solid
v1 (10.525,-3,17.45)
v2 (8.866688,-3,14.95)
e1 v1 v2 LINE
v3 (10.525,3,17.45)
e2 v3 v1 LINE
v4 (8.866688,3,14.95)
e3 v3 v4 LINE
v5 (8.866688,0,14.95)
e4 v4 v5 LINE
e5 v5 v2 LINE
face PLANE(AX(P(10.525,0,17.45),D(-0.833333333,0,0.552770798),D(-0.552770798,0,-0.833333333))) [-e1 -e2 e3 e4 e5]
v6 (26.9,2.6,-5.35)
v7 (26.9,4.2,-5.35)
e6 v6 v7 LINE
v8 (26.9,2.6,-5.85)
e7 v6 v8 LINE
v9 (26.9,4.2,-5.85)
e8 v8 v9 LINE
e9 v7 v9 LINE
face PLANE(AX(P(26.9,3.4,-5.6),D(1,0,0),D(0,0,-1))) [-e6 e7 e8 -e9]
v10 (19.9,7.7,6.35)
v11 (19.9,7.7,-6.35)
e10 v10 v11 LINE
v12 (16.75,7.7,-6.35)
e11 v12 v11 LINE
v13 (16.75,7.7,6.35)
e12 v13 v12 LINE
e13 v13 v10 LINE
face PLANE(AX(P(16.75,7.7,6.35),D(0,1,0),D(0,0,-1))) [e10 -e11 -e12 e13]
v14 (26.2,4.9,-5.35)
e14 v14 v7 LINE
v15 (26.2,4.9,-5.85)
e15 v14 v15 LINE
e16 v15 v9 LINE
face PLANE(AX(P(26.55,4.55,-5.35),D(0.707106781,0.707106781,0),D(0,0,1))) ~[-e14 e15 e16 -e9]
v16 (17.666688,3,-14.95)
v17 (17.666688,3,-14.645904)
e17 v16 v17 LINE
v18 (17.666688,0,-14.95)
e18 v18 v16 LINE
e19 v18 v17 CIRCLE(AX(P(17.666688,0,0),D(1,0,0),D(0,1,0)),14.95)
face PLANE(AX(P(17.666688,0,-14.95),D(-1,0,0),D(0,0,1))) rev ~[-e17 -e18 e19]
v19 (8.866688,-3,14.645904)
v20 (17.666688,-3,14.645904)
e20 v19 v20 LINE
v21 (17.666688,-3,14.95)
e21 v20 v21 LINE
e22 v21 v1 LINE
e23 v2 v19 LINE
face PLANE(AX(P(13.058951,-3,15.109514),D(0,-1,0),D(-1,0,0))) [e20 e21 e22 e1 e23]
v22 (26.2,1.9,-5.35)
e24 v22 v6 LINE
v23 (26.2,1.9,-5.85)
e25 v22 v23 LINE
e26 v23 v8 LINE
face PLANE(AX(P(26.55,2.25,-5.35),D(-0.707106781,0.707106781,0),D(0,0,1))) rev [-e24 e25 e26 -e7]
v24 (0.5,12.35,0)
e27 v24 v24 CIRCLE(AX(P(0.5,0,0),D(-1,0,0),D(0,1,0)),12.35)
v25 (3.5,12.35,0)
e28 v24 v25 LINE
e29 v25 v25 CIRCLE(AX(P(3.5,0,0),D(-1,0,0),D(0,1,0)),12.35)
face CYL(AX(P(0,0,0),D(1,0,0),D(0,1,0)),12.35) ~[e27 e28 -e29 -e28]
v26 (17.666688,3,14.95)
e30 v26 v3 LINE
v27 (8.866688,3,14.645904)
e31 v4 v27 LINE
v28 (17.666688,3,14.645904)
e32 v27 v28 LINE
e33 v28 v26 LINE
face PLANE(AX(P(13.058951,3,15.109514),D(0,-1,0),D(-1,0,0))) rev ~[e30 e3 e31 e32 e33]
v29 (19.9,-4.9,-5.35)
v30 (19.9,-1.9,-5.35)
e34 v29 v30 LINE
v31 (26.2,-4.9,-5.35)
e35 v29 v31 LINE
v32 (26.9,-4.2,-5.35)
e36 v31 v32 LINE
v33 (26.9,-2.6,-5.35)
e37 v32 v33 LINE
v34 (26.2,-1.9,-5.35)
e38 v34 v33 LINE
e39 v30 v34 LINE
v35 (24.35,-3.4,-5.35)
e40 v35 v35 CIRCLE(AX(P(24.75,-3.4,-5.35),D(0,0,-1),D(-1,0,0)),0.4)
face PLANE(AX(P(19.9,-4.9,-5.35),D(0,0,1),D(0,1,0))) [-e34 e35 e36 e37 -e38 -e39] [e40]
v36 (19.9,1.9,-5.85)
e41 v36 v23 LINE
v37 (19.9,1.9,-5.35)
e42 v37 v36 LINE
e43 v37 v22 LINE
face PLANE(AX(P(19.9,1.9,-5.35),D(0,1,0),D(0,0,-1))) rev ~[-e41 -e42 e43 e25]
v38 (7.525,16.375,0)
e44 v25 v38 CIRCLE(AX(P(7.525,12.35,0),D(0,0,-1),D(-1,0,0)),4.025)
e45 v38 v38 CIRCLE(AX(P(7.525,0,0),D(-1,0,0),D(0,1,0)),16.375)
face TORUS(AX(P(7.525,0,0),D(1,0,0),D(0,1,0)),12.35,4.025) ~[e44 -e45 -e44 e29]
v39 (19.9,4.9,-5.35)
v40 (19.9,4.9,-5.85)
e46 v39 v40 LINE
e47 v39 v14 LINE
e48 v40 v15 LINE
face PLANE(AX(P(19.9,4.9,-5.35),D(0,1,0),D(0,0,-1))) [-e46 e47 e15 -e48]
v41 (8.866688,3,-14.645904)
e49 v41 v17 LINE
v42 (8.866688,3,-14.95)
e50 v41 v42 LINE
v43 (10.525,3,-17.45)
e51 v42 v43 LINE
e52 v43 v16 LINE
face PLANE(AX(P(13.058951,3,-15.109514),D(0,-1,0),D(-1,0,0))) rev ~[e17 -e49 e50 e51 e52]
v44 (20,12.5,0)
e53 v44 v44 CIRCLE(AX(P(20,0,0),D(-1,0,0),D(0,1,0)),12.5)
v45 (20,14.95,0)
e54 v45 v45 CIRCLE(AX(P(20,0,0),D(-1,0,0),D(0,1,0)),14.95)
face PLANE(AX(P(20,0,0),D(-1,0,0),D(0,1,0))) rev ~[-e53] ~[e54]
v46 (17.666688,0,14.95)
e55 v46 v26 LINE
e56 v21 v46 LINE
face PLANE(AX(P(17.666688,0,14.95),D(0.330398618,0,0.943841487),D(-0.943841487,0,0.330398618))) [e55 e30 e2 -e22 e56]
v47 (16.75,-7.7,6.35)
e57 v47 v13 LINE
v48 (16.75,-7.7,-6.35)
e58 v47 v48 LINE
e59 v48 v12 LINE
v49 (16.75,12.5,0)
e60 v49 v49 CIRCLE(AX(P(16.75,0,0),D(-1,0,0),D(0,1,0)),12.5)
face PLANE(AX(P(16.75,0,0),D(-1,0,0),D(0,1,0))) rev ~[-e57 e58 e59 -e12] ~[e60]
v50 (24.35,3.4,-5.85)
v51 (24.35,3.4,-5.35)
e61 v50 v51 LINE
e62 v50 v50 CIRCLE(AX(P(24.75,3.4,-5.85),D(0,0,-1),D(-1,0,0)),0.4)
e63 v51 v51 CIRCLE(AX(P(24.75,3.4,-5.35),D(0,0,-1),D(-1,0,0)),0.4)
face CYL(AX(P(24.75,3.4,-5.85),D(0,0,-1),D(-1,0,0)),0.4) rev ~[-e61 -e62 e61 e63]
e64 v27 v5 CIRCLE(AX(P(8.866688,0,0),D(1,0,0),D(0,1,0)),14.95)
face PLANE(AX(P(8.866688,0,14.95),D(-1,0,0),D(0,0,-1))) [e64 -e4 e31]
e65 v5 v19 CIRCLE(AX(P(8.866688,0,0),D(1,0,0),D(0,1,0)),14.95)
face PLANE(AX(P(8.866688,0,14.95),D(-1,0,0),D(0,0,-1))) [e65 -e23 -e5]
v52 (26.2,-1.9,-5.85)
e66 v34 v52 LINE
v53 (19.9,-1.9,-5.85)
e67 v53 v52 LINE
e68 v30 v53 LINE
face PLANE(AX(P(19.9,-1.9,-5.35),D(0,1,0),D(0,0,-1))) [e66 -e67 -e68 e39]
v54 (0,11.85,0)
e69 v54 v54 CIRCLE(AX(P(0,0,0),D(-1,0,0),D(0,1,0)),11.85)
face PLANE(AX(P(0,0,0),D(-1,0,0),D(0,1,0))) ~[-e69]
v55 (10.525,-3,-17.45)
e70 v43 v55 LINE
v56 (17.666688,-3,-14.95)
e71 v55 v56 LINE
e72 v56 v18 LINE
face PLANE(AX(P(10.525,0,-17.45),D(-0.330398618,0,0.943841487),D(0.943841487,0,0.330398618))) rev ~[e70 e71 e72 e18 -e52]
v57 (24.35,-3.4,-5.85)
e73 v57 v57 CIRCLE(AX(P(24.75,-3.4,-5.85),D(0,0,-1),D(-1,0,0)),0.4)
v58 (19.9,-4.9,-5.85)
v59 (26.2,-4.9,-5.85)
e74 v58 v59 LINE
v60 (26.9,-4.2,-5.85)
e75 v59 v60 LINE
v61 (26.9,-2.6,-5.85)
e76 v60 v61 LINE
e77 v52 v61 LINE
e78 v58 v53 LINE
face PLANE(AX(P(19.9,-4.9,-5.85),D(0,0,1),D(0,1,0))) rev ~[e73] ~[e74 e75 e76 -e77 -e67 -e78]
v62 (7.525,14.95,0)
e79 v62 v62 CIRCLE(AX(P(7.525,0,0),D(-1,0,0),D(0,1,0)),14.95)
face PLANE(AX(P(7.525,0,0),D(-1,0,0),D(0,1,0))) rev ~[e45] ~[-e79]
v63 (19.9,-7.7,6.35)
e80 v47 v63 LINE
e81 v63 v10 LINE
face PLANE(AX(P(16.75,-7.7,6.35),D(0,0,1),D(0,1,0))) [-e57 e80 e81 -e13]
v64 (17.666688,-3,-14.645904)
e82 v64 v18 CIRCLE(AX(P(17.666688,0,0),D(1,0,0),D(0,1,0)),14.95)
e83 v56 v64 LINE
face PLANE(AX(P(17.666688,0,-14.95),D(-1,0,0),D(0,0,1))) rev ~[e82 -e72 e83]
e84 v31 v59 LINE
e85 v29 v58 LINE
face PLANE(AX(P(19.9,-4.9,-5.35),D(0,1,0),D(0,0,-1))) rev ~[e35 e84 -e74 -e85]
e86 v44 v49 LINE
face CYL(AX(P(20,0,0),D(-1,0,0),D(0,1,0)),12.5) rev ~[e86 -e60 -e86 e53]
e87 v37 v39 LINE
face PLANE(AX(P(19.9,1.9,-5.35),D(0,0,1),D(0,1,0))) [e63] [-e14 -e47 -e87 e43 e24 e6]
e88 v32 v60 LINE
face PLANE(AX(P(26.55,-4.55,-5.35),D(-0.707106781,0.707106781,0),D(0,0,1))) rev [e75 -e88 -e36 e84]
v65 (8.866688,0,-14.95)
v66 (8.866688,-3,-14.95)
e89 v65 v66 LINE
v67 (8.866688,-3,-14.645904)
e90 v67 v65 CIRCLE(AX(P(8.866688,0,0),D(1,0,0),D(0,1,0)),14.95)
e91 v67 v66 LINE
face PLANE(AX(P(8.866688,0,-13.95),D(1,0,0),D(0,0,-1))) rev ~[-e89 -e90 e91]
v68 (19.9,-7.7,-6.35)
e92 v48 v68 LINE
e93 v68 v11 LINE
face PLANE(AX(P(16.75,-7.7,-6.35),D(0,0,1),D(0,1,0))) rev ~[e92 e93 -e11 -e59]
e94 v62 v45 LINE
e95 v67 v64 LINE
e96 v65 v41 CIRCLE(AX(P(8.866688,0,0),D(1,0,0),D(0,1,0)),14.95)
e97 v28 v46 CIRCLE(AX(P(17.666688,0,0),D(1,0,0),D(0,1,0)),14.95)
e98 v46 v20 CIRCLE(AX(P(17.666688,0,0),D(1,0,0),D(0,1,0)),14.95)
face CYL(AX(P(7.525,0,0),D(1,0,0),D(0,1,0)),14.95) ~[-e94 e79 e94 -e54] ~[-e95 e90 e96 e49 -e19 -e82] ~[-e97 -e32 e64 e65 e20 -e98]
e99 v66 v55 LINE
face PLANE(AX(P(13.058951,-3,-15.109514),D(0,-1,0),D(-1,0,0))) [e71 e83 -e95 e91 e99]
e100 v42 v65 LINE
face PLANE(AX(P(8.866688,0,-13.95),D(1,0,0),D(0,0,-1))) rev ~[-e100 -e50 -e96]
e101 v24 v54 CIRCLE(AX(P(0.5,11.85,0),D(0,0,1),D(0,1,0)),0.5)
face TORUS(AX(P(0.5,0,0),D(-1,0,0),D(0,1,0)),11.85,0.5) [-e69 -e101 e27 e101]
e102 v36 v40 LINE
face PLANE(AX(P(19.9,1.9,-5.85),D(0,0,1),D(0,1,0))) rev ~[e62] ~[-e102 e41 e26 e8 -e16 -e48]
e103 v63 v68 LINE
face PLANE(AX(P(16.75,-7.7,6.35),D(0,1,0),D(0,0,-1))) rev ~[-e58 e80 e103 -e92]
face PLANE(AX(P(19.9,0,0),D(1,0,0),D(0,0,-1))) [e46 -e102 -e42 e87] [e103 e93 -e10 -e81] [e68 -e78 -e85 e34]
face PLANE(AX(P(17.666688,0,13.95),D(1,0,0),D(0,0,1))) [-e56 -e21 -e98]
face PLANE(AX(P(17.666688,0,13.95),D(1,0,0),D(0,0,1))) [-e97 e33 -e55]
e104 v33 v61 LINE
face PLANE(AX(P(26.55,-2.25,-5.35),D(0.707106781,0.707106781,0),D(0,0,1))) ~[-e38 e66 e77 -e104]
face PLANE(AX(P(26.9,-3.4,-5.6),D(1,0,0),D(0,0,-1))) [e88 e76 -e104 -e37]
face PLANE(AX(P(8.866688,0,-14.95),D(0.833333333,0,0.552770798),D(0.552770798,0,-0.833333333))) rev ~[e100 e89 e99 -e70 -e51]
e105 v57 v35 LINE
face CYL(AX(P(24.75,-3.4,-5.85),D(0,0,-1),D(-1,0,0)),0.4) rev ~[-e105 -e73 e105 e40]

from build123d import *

# Parameters (mm, degrees)
SKETCH2_W           = 12.7
SKETCH2_H           = 15.4
BOSS_EXTRUDE1_DEPTH = 3.15
SKETCH3_W           = 0.5
SKETCH3_H           = 3
BOSS_EXTRUDE2_DEPTH = 7
SKETCH4_R           = 0.4
CUT_EXTRUDE1_DEPTH  = 23.225
CHAMFER1_SIZE       = 0.7
BOSS_EXTRUDE3_DEPTH = 3
FILLET1_R           = 0.5


with BuildPart() as part:
    # Sketch1 → Revolve1 (revolve)
    with BuildSketch(Plane.XY):
        with BuildLine():
            Line((0, 0), (0, 12.35))
            Line((0, 12.35), (3.5, 12.35))
            ThreePointArc((3.5, 12.35), (4.678895206, 15.196104794), (7.525, 16.375))
            Line((7.525, 16.375), (7.525, 14.95))
            Line((7.525, 14.95), (20, 14.95))
            Line((20, 14.95), (20, 12.5))
            Line((20, 12.5), (16.75, 12.5))
            Line((16.75, 12.5), (16.75, 0))
            Line((16.75, 0), (0, 0))
        make_face()
    revolve(axis=Axis((16.75, 0, 0), (-1, 0, 0)))

    # Sketch2 → Boss-Extrude1 (add)
    with BuildSketch(Plane(origin=(16.75, 0, 0), x_dir=(0, 0, -1), z_dir=(1, 0, 0))):
        Rectangle(SKETCH2_W, SKETCH2_H)
    extrude(amount=BOSS_EXTRUDE1_DEPTH)

    # Sketch3 → Boss-Extrude2 (add)
    with BuildSketch(Plane(origin=(19.9, 0, 0), x_dir=(0, 0, -1), z_dir=(1, 0, 0))):
        with Locations((5.6, 3.4)):
            Rectangle(SKETCH3_W, SKETCH3_H)
        with Locations((5.6, -3.4)):
            Rectangle(SKETCH3_W, SKETCH3_H)
    extrude(amount=BOSS_EXTRUDE2_DEPTH)

    # Sketch4 → Cut-Extrude1 (cut, through all)
    with BuildSketch(Plane(origin=(0, 0, -5.85), x_dir=(-1, 0, 0), z_dir=(0, 0, -1))):
        with Locations((-24.75, 3.4)):
            Circle(SKETCH4_R)
        with Locations((-24.75, -3.4)):
            Circle(SKETCH4_R)
    extrude(amount=-CUT_EXTRUDE1_DEPTH, mode=Mode.SUBTRACT)

    # Chamfer1
    chamfer1_edges = [part.edges().sort_by_distance(p)[0] for p in [
        (26.9, 1.9, -5.6),
        (26.9, 4.9, -5.6),
        (26.9, -4.9, -5.6),
        (26.9, -1.9, -5.6),
    ]]
    chamfer(chamfer1_edges, length=CHAMFER1_SIZE)

    # Sketch5 → Boss-Extrude3 (add, symmetric)
    with BuildSketch(Plane(origin=(0, 0, 0), x_dir=(1, 0, 0), z_dir=(0, 1, 0))):
        Polygon((17.666687605, -14.95), (10.525, -17.45), (8.866687605, -14.95), (8.866687605, -13.95), (17.666687605, -13.95), align=None)
        Polygon((8.866687605, 13.95), (8.866687605, 14.95), (10.525, 17.45), (17.666687605, 14.95), (17.666687605, 13.95), align=None)
    extrude(amount=BOSS_EXTRUDE3_DEPTH, both=True)

    # Fillet1
    fillet1_edges = [part.edges().sort_by_distance(p)[0] for p in [
        (0, -12.35, 0),
    ]]
    fillet(fillet1_edges, radius=FILLET1_R)


solid = part.part
